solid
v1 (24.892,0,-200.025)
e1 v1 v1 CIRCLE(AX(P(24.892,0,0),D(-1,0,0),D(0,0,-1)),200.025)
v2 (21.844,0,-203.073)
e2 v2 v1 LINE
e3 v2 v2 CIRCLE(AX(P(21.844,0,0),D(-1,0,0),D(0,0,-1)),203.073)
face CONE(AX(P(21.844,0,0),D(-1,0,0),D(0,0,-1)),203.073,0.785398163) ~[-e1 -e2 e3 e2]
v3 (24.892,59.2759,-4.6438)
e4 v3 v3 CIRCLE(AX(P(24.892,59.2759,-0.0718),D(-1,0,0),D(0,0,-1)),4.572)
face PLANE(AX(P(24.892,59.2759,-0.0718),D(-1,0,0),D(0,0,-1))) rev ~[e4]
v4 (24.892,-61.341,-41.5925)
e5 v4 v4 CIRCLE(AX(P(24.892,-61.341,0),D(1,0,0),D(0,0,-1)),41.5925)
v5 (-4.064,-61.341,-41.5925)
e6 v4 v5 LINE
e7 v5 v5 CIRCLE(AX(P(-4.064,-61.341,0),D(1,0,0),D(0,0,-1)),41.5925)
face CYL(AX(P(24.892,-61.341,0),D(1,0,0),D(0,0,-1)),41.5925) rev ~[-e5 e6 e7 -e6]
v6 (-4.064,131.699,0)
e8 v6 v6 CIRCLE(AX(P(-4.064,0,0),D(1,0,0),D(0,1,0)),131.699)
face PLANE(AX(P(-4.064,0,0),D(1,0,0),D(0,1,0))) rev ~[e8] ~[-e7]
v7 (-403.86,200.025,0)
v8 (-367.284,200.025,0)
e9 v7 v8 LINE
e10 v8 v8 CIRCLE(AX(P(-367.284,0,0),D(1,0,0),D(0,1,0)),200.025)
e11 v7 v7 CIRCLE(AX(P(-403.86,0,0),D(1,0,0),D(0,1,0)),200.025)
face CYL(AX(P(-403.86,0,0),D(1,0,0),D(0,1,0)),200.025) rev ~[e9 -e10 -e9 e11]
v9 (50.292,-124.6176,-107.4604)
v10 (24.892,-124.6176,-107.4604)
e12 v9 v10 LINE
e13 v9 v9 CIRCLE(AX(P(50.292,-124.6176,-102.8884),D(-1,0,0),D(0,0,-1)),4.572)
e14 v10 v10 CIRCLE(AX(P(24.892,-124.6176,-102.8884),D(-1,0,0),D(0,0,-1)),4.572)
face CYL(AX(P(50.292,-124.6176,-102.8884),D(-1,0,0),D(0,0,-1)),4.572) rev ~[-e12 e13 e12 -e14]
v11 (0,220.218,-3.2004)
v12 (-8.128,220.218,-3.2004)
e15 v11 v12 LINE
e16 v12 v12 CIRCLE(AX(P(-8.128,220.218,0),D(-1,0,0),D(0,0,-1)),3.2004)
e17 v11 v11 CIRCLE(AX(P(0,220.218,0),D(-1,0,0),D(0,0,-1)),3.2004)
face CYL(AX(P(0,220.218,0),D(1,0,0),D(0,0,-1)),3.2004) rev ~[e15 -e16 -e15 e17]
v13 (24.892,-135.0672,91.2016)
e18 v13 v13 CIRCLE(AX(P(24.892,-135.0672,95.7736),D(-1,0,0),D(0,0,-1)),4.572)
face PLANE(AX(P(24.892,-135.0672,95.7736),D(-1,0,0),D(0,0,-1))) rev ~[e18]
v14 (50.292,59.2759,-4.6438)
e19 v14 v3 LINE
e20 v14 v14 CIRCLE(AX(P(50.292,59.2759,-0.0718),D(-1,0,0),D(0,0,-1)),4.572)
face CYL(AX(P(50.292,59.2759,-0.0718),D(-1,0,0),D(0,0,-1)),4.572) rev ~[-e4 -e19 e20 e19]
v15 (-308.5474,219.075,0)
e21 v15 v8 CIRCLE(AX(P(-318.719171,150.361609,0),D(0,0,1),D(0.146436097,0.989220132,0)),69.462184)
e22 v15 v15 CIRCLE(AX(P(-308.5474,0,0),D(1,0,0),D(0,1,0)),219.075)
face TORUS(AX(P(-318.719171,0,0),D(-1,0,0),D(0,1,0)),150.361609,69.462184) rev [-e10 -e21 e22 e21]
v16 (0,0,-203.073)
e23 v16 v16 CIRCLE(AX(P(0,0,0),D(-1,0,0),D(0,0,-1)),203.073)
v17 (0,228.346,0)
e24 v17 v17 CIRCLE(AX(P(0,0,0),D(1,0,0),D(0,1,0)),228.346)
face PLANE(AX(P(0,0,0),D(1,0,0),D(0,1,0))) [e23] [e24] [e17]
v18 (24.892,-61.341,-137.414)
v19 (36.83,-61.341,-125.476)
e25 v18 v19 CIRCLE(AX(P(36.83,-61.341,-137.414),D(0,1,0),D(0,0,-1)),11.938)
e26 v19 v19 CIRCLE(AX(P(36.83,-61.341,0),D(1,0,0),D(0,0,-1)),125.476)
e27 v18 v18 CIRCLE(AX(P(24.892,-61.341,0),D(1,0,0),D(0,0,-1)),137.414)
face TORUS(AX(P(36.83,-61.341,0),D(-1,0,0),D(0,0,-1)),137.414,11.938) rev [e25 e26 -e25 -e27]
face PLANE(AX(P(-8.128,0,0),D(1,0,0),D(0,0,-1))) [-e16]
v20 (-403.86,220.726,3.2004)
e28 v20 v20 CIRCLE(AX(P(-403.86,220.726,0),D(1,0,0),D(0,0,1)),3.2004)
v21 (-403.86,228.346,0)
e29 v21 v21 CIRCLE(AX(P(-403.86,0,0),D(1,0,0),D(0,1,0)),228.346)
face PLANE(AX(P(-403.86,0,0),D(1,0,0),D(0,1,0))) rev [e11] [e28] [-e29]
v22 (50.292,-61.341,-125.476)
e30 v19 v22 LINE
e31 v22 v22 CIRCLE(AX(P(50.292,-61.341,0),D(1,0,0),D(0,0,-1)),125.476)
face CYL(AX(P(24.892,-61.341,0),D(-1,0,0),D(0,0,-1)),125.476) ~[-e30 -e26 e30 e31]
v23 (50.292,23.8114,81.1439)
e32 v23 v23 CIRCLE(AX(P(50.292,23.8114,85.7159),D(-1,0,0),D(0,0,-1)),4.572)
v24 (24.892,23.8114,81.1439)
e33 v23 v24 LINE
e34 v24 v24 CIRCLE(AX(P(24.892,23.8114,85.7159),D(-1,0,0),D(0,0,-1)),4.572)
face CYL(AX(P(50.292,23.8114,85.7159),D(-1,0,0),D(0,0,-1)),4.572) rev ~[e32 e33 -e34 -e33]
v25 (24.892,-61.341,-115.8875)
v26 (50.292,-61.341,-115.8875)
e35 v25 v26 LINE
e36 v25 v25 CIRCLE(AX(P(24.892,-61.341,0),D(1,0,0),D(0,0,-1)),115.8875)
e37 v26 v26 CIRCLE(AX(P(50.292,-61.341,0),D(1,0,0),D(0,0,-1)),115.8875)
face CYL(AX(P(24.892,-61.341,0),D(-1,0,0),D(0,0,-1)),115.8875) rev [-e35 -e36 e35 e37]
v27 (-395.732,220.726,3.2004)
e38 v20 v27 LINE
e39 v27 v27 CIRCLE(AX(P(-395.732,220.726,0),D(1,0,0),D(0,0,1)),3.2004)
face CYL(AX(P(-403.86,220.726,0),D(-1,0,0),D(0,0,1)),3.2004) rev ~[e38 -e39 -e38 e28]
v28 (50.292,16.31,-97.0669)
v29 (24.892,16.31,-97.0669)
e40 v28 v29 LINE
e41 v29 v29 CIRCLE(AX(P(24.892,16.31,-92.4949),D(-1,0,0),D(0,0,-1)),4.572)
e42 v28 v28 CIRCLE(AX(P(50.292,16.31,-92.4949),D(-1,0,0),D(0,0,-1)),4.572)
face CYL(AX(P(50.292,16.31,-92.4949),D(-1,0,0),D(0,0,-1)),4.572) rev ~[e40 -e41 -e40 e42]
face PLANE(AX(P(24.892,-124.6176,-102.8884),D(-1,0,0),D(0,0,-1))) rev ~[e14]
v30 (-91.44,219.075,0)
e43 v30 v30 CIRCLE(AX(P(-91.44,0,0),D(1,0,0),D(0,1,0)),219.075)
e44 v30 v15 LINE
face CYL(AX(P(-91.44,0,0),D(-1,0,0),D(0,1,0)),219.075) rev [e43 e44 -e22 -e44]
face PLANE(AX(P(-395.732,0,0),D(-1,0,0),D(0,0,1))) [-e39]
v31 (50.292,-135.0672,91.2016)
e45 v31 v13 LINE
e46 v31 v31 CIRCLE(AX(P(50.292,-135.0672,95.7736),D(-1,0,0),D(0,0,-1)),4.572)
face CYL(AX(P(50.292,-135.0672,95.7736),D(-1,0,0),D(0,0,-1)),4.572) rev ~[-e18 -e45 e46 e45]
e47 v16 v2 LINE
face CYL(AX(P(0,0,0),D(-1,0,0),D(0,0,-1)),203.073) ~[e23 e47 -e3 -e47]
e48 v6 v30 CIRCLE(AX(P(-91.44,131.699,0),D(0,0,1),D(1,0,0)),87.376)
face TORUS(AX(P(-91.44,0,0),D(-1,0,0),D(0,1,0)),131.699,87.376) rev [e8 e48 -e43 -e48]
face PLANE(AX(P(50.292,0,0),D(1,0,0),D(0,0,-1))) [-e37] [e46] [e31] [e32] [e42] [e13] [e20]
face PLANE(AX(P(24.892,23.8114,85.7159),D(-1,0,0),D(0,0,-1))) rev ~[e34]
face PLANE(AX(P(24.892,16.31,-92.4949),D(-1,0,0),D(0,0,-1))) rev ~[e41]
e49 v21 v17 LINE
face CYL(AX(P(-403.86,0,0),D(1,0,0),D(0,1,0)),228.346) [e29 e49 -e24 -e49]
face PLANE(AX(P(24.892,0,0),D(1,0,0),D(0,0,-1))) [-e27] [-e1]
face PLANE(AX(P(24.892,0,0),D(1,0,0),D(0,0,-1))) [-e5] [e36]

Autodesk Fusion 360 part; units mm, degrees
sketch "Sketch1" plane through (0, 0, 0) normal (0, 0, 1) x (1, 0, 0)
sketch "Sketch2" plane through (0, 0, 0) normal (0, 0, 1) x (1, 0, 0)
  line L0 (0, 0) -> (-4.064, 0)
  line L1 (-403.86, 200.025) -> (-367.284, 200.025)
  line L2 (-91.44, 219.075) -> (-308.5474, 219.075)
  line L3 (-403.86, 200.025) -> (-403.86, 228.346)
  line L4 (-403.86, 228.346) -> (-4.064, 228.346)
  line L5 (-4.064, 131.699) -> (-4.064, 0)
  arc A0 (-4.064, 131.699) -> (-91.44, 219.075) centre (-91.44, 131.699) ccw
  line L6 (-403.86, 228.346) -> (0, 228.346)
  line L7 (0, 228.346) -> (0, 219.075)
  line L8 (0, 219.075) -> (0, 0)
  arc A1 (-308.5474, 219.075) -> (-367.284, 200.025) centre (-318.7192, 150.3616) ccw
  dimension "d10" = 87.376
  dimension "d11" = 403.86
  dimension "d12" = 9.271
revolve "Revolve1" add sketch "Sketch2" angle 360 about axis through (1.75, 0, 0) along (1, 0, 0)
sketch "Sketch3" plane through (0, 0, 0) normal (1, 0, 0) x (0, 0, -1)
  circle A0 centre (0, 0) radius 228.346
  line L0 (0, 228.346) -> (0, 203.073)
  circle A1 centre (0, 0) radius 203.073
  dimension "d16" = 25.273
extrude "Extrude1" add sketch "Sketch3" along normal blind 24.892 contours A1
sketch "Sketch4" plane through (24.892, 0, 0) normal (1, 0, 0) x (0, 0, -1)
  circle A0 centre (0, 0) radius 203.073
  circle A1 centre (0, -61.341) radius 125.476
  circle A2 centre (0, -61.341) radius 115.8875
  dimension "d20" = 231.775
chamfer "Chamfer1" distance 3.048 angle 45 1 edges at (24.892, -73.4343, 189.3305)
extrude "Extrude2" add sketch "Sketch4" along normal blind 25.4 contours A1
fillet "Fillet1" radius 11.938 1 edges at (24.892, -15.9669, 116.9847)
sketch "Sketch5" plane through (24.892, 0, 0) normal (1, 0, 0) x (0, 0, -1)
  circle A0 centre (0, -61.341) radius 115.8875
  circle A1 centre (0, -61.341) radius 41.5925
  dimension "d25" = 83.185
extrude "Extrude3" cut sketch "Sketch5" against normal blind 889 contours A1
sketch "Sketch6" plane through (-403.86, 0, 0) normal (-1, 0, 0) x (0, 0, 1)
  circle A0 centre (0, 0) radius 200.025
  circle A1 centre (0, 0) radius 228.346
  line L0 (0, 228.346) -> (0, 220.726)
  circle A2 centre (0, 220.726) radius 3.2004
  dimension "d28" = 7.62
  dimension "d29" = 6.4008
extrude "Extrude4" cut sketch "Sketch6" against normal blind 8.128 contours A2
sketch "Sketch7" plane through (0, 0, 0) normal (1, 0, 0) x (0, 0, -1)
  circle A0 centre (0, 0) radius 203.073
  circle A1 centre (0, 0) radius 228.346
  line L0 (0, 228.346) -> (0, 220.218)
  circle A2 centre (0, 220.218) radius 3.2004
  dimension "d32" = 8.128
  dimension "d33" = 6.4008
extrude "Extrude5" cut sketch "Sketch7" against normal blind 8.128 contours A2
sketch "Sketch8" plane through (50.292, 0, 0) normal (1, 0, 0) x (0, 0, -1)
  circle A0 centre (0, -61.341) radius 115.8875
  circle A1 centre (0, -61.341) radius 125.476
  circle A2 centre (0.0718, 59.2759) radius 4.7625
  dimension "d36" = 9.525
hole "Hole1" at (50.292, 59.2759, -0.0718) direction (-1, 0, 0) diameter 9.144 depth 25.4 tip angle 180
hole "Hole2" at (50.292, 16.31, -92.4949) direction (-1, 0, 0) diameter 9.144 depth 25.4 tip angle 180
hole "Hole3" at (50.292, 23.8114, 85.7159) direction (-1, 0, 0) diameter 9.144 depth 25.4 tip angle 180
hole "Hole4" at (50.292, -135.0672, 95.7736) direction (-1, 0, 0) diameter 9.144 depth 25.4 tip angle 180
hole "Hole5" at (50.292, -124.6176, -102.8884) direction (-1, 0, 0) diameter 9.144 depth 25.4 tip angle 180
equation "d12 = ( ( 17.98 - 17.25 ) / 2 ) * 1 in"
equation "d16 = ( 1.99 / 2 ) * 1 in"
